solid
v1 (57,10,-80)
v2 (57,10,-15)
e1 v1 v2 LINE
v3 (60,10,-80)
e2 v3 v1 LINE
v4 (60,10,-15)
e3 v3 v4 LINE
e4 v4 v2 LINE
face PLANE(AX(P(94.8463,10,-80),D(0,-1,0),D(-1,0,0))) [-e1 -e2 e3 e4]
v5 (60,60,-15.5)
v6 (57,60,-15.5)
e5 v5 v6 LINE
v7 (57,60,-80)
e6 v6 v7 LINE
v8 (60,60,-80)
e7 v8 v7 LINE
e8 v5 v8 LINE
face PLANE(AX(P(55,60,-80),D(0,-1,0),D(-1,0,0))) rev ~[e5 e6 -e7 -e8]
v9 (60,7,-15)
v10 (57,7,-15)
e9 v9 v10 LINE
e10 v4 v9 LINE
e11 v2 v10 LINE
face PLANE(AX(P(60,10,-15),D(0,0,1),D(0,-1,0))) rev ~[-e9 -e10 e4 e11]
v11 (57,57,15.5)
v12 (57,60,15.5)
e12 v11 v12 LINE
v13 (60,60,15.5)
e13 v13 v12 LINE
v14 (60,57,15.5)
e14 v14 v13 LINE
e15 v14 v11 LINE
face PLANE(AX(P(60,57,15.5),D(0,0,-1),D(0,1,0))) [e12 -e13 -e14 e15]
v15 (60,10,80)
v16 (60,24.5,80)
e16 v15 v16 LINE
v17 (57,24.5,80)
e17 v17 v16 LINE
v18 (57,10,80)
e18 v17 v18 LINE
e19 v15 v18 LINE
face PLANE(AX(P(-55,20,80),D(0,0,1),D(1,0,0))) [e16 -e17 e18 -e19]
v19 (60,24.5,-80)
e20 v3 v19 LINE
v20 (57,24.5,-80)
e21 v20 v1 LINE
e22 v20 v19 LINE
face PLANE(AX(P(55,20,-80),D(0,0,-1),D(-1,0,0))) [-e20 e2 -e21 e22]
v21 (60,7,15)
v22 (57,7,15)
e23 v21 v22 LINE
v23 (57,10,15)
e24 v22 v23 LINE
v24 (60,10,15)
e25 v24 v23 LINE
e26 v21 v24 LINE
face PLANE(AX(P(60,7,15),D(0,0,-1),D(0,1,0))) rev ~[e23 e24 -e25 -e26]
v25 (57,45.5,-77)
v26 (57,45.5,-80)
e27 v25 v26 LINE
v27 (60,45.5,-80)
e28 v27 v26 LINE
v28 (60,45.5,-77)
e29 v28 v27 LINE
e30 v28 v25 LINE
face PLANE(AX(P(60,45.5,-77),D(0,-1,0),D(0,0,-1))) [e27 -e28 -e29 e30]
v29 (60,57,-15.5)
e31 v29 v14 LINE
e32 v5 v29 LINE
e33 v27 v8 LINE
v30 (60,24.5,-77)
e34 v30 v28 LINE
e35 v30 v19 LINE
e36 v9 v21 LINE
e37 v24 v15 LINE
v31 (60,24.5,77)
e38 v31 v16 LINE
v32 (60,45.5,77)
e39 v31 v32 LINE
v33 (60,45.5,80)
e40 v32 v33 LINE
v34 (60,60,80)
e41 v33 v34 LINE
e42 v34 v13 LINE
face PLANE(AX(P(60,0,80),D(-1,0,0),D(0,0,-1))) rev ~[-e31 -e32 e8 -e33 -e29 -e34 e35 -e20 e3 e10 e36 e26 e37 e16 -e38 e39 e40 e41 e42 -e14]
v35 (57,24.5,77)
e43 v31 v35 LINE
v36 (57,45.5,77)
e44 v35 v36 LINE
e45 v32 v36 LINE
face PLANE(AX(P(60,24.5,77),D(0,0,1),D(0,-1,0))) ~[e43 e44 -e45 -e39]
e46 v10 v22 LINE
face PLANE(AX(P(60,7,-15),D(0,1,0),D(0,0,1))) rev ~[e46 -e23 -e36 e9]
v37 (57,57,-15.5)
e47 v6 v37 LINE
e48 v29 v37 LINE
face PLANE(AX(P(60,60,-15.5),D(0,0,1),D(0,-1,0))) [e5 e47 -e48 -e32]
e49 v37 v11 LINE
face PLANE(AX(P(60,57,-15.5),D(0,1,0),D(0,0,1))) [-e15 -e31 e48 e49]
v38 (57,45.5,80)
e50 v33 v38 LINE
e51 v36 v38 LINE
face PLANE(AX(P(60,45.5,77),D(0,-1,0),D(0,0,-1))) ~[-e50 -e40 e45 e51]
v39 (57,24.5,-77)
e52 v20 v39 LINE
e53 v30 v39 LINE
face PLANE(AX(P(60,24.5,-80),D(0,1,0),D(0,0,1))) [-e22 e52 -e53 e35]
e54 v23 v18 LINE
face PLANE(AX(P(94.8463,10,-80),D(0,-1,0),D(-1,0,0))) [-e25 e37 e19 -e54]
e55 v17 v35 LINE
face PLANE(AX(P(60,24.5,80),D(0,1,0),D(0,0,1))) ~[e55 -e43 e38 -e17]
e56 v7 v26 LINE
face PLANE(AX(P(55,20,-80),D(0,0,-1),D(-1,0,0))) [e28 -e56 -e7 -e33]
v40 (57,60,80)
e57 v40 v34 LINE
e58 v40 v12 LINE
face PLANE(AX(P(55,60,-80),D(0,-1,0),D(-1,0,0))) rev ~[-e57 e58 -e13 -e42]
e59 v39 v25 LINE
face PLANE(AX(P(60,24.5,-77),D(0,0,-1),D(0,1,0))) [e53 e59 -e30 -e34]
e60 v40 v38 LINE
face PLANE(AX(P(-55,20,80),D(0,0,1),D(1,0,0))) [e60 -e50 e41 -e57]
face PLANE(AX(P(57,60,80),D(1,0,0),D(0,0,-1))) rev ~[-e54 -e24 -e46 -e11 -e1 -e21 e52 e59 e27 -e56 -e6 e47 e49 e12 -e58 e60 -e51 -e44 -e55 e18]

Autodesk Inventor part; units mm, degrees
ref_plane "YZ Plane" through (0, 0, 0) normal (1, 0, 0) x (0, 1, 0)
ref_plane "XZ Plane" through (0, 0, 0) normal (0, 1, 0) x (-1, 0, 0)
ref_plane "XY Plane" through (0, 0, 0) normal (0, 0, 1) x (1, 0, 0)
sketch "스케치1" plane through (0, 0, 0) normal (0, 1, 0) x (-1, 0, 0)
  line L0 (60, 80) -> (-60, 80)
  line L1 (-60, 80) -> (-60, -80)
  line L2 (-60, -80) -> (60, -80)
  line L3 (60, -80) -> (60, 80)
  line L4 (60, 80) -> (-60, -80) construction
  line L5 (-60, 80) -> (60, -80) construction
  point P0 (0, 0)
  dimension "d0" = 120
  dimension "d1" = 160
extrude "돌출1" add sketch "스케치1" along normal blind 60
sketch "스케치2" plane through (0, 60, 0) normal (0, 1, 0) x (1, 0, 0)
  line L0 (60, -80) -> (60, 80) projected
  line L1 (60, 80) -> (-60, 80) projected
  line L2 (55, 102.1646) -> (-55, 102.1646)
  line L3 (-55, 102.1646) -> (-55, -89.711)
  line L4 (-55, -89.711) -> (55, -89.711)
  line L5 (55, -89.711) -> (55, 102.1646)
  line L6 (-60, 80) -> (-60, -80) projected
  point P0 (0, 0)
  point P1 (55, 80)
  point P2 (-55, 80)
  dimension "d6" = 5
  dimension "d7" = 5
extrude "돌출2" cut sketch "스케치2" against normal blind 40 contours L5 L4 L3 L1
sketch "스케치12" plane through (60, 0, -80) normal (0, 0, -1) x (-1, 0, 0)
  line L0 (-34.8463, 10) -> (156.2634, 10)
  line L1 (156.2634, 10) -> (156.2634, -36.9465)
  line L2 (156.2634, -36.9465) -> (-34.8463, -36.9465)
  line L3 (-34.8463, -36.9465) -> (-34.8463, 10)
  line L4 (0, 0) -> (120, 0) projected
  point P0 (60, 0)
  dimension "d85" = 10
extrude "돌출10" cut sketch "스케치12" against normal through all
sketch "스케치13" plane through (-55, 20, 80) normal (0, 0, 1) x (1, 0, 0)
  line L0 (0, 40) -> (0, 0) projected
  line L1 (0, 0) -> (110, 0) projected
  line L2 (0, 40) -> (110, 40)
  line L3 (110, 40) -> (110, 0)
  line L4 (110, 0) -> (0, 0)
  line L5 (0, 0) -> (0, 40)
  point P0 (55, -20)
extrude "돌출11" add sketch "스케치13" against normal blind 5
sketch "스케치14" plane through (55, 20, -80) normal (0, 0, -1) x (-1, 0, 0)
  line L0 (0, 0) -> (0, 40) projected
  line L1 (110, 0) -> (0, 0) projected
  line L2 (0, 40) -> (110, 40)
  line L3 (110, 40) -> (110, 0)
  line L4 (110, 0) -> (0, 0)
  line L5 (0, 0) -> (0, 40)
  point P0 (55, -20)
extrude "돌출12" add sketch "스케치14" against normal blind 5
sketch "스케치15" plane through (60, 60, -80) normal (0, 0, -1) x (-1, 0, 0)
  point P0 (60, -60)
sketch "스케치16" plane through (60, 60, -80) normal (0, 0, -1) x (-1, 0, 0)
  point P0 (60, -60)
sketch "스케치17" plane through (0, 20, 0) normal (0, 1, 0) x (1, 0, 0)
  line L0 (7, 27) -> (45, 27)
  line L1 (45, 27) -> (45, 65)
  line L2 (45, 65) -> (7, 65)
  line L3 (7, 65) -> (7, 27)
  line L4 (55, 75) -> (55, -75) projected
  line L5 (55, 75) -> (-55, 75) projected
  circle A0 centre (7, 27) radius 1.6
  circle A1 centre (7, 65) radius 1.6
  circle A2 centre (45, 65) radius 1.6
  circle A3 centre (45, 27) radius 1.6
  line L6 (-47.9371, 14.7215) -> (-7.9371, 14.7215)
  line L7 (-7.9371, 14.7215) -> (-7.9371, 64.7215)
  line L8 (-7.9371, 64.7215) -> (-47.9371, 64.7215)
  line L9 (-47.9371, 64.7215) -> (-47.9371, 14.7215)
  point P0 (0, 0)
  dimension "d92" = 38
  dimension "d93" = 38
  dimension "d95" = 10
  dimension "d96" = 10
  dimension "d97" = 3.2
  dimension "d98" = 3.2
  dimension "d99" = 3.2
  dimension "d100" = 3.2
  dimension "d113" = 40
  dimension "d114" = 50
extrude "돌출13" cut sketch "스케치17" against normal through all contours L3 A0 L0 | L0 A0 L3 | A3 L1 L0 | L0 L1 A3 | A1 L2 L3 | L3 L2 A1 | A2 L2 L1 | L1 L2 A2
sketch "스케치19" plane through (60, 60, -80) normal (0, 0, -1) x (-1, 0, 0)
  line L0 (5, -40) -> (115, -40) projected
  circle A0 centre (46.5, -25) radius 8.5
  circle A1 centre (73.5, -25) radius 8.5
  line L1 (5, 0) -> (5, -40) projected
  line L2 (115, -40) -> (115, 0) projected
  point P0 (60, -60)
  dimension "d105" = 27
  dimension "d106" = 41.5
  dimension "d107" = 17
  dimension "d108" = 17
  dimension "d109" = 15
  dimension "d110" = 15
extrude "돌출14" cut sketch "스케치19" against normal through all
sketch "스케치21" plane through (0, 20, 0) normal (0, 1, 0) x (1, 0, 0)
  circle A0 centre (5.4243, 8.1678) radius 7.5
  line L0 (-49.3888, 17.2731) -> (-9.3888, 17.2731)
  line L1 (-9.3888, 17.2731) -> (-9.3888, 67.2731)
  line L2 (-9.3888, 67.2731) -> (-49.3888, 67.2731)
  line L3 (-49.3888, 67.2731) -> (-49.3888, 17.2731)
  point P0 (0, 0)
  dimension "d117" = 15
  dimension "d118" = 50
  dimension "d119" = 40
extrude "돌출15" cut sketch "스케치21" against normal through all contours A0
sketch "스케치23" plane through (0, 20, 0) normal (0, 1, 0) x (1, 0, 0)
  line L0 (-48.6, -65) -> (20, -65)
  line L1 (20, -65) -> (20, -11.6)
  line L2 (20, -11.6) -> (-48.6, -11.6)
  line L3 (-48.6, -11.6) -> (-48.6, -65)
  line L4 (55, 75) -> (55, -75) projected
  line L5 (-55, -75) -> (55, -75) projected
  circle A0 centre (4.7, -62.45) radius 1.6
  circle A1 centre (6.03, -14.15) radius 1.6
  circle A2 centre (-46.05, -47.16) radius 1.6
  circle A3 centre (-46.05, -19.23) radius 1.6
  point P0 (0, 0)
  dimension "d123" = 68.6
  dimension "d124" = 53.4
  dimension "d125" = 35
  dimension "d126" = 10
  dimension "d127" = 3.2
  dimension "d128" = 15.3
  dimension "d129" = 2.55
  dimension "d130" = 3.2
  dimension "d131" = 13.97
  dimension "d132" = 2.55
  dimension "d133" = 3.2
  dimension "d134" = 35.56
  dimension "d135" = 3.2
  dimension "d136" = 2.55
  dimension "d137" = 2.55
  dimension "d138" = 7.63
extrude "돌출16" cut sketch "스케치23" against normal through all contours A0 | A1 | A2 | A3
sketch "스케치24" plane through (0, 20, 0) normal (0, 1, 0) x (1, 0, 0)
  line L0 (-55, -75) -> (55, -75) projected
  line L1 (55, 75) -> (55, -75) projected
  line L2 (-55, -75) -> (55, -75)
  line L3 (55, -75) -> (55, 75)
  line L4 (55, 75) -> (-55, 75)
  line L5 (-55, 75) -> (-55, -75)
  point P0 (0, 0)
extrude "돌출17" cut sketch "스케치24" against normal through all
sketch "스케치25" plane through (0, 60, 0) normal (0, 1, 0) x (1, 0, 0)
  line L0 (-60, -80) -> (60, -80) projected
  line L1 (60, 80) -> (-60, 80) projected
  line L2 (-60, -80) -> (57, -80)
  line L3 (57, -80) -> (57, 80)
  line L4 (57, 80) -> (-60, 80)
  line L5 (-60, 80) -> (-60, -80)
  line L6 (60, -80) -> (60, 80) projected
  point P0 (0, 0)
  point P1 (57, -80)
  dimension "d143" = 3
extrude "돌출18" cut sketch "스케치25" against normal through all contours L5 L1 L3 L0
sketch "스케치26" plane through (60, 60, 80) normal (1, 0, 0) x (0, 0, -1)
  line L0 (64.5, 14.0975) -> (95.5, 14.0975)
  line L1 (95.5, 14.0975) -> (95.5, -3)
  line L2 (95.5, -3) -> (64.5, -3)
  line L3 (64.5, -3) -> (64.5, 14.0975)
  line L4 (160, -50) -> (160, 0) projected
  line L5 (0, 0) -> (160, 0) projected
  point P0 (80, -60)
  point P1 (95.5, 0)
  point P2 (64.5, 0)
  dimension "d146" = 31
  dimension "d147" = 64.5
  dimension "d148" = 3
extrude "돌출19" cut sketch "스케치26" against normal through all contours L5 L1 L2 L3
sketch "스케치27" plane through (60, 10, 80) normal (1, 0, 0) x (0, 0, -1)
  line L0 (65, 7.9616) -> (95, 7.9616)
  line L1 (95, 7.9616) -> (95, -3)
  line L2 (95, -3) -> (65, -3)
  line L3 (65, -3) -> (65, 7.9616)
  line L4 (160, 0) -> (160, 50) projected
  line L5 (0, 0) -> (160, 0) projected
  point P0 (80, -10)
  point P1 (95, 0)
  point P2 (65, 0)
  dimension "d151" = 30
  dimension "d152" = 65
  dimension "d153" = 3
extrude "돌출20" add sketch "스케치27" against normal blind 3 contours L5 L1 L2 L3
sketch "스케치28" plane through (60, 10, 80) normal (1, 0, 0) x (0, 0, -1)
  line L0 (157, 35.5) -> (165.4106, 35.5)
  line L1 (165.4106, 35.5) -> (165.4106, 14.5)
  line L2 (165.4106, 14.5) -> (157, 14.5)
  line L3 (157, 14.5) -> (157, 35.5)
  line L4 (95.5, 50) -> (160, 50) projected
  line L5 (160, 0) -> (160, 50) projected
  point P0 (80, -10)
  dimension "d156" = 21
  dimension "d157" = 14.5
  dimension "d160" = 3
extrude "돌출21" cut sketch "스케치28" against normal through all
mirror "미러3" about plane through (0, 0, 0) normal (0, 0, 1) of "돌출21"
sketch "스케치29" plane through (60, 60, -15.5) normal (1, 0, 0) x (0, 0, -1)
  point P0 (-15.5, -60)
properties part number "본체 겉면 레이저 옆판"
